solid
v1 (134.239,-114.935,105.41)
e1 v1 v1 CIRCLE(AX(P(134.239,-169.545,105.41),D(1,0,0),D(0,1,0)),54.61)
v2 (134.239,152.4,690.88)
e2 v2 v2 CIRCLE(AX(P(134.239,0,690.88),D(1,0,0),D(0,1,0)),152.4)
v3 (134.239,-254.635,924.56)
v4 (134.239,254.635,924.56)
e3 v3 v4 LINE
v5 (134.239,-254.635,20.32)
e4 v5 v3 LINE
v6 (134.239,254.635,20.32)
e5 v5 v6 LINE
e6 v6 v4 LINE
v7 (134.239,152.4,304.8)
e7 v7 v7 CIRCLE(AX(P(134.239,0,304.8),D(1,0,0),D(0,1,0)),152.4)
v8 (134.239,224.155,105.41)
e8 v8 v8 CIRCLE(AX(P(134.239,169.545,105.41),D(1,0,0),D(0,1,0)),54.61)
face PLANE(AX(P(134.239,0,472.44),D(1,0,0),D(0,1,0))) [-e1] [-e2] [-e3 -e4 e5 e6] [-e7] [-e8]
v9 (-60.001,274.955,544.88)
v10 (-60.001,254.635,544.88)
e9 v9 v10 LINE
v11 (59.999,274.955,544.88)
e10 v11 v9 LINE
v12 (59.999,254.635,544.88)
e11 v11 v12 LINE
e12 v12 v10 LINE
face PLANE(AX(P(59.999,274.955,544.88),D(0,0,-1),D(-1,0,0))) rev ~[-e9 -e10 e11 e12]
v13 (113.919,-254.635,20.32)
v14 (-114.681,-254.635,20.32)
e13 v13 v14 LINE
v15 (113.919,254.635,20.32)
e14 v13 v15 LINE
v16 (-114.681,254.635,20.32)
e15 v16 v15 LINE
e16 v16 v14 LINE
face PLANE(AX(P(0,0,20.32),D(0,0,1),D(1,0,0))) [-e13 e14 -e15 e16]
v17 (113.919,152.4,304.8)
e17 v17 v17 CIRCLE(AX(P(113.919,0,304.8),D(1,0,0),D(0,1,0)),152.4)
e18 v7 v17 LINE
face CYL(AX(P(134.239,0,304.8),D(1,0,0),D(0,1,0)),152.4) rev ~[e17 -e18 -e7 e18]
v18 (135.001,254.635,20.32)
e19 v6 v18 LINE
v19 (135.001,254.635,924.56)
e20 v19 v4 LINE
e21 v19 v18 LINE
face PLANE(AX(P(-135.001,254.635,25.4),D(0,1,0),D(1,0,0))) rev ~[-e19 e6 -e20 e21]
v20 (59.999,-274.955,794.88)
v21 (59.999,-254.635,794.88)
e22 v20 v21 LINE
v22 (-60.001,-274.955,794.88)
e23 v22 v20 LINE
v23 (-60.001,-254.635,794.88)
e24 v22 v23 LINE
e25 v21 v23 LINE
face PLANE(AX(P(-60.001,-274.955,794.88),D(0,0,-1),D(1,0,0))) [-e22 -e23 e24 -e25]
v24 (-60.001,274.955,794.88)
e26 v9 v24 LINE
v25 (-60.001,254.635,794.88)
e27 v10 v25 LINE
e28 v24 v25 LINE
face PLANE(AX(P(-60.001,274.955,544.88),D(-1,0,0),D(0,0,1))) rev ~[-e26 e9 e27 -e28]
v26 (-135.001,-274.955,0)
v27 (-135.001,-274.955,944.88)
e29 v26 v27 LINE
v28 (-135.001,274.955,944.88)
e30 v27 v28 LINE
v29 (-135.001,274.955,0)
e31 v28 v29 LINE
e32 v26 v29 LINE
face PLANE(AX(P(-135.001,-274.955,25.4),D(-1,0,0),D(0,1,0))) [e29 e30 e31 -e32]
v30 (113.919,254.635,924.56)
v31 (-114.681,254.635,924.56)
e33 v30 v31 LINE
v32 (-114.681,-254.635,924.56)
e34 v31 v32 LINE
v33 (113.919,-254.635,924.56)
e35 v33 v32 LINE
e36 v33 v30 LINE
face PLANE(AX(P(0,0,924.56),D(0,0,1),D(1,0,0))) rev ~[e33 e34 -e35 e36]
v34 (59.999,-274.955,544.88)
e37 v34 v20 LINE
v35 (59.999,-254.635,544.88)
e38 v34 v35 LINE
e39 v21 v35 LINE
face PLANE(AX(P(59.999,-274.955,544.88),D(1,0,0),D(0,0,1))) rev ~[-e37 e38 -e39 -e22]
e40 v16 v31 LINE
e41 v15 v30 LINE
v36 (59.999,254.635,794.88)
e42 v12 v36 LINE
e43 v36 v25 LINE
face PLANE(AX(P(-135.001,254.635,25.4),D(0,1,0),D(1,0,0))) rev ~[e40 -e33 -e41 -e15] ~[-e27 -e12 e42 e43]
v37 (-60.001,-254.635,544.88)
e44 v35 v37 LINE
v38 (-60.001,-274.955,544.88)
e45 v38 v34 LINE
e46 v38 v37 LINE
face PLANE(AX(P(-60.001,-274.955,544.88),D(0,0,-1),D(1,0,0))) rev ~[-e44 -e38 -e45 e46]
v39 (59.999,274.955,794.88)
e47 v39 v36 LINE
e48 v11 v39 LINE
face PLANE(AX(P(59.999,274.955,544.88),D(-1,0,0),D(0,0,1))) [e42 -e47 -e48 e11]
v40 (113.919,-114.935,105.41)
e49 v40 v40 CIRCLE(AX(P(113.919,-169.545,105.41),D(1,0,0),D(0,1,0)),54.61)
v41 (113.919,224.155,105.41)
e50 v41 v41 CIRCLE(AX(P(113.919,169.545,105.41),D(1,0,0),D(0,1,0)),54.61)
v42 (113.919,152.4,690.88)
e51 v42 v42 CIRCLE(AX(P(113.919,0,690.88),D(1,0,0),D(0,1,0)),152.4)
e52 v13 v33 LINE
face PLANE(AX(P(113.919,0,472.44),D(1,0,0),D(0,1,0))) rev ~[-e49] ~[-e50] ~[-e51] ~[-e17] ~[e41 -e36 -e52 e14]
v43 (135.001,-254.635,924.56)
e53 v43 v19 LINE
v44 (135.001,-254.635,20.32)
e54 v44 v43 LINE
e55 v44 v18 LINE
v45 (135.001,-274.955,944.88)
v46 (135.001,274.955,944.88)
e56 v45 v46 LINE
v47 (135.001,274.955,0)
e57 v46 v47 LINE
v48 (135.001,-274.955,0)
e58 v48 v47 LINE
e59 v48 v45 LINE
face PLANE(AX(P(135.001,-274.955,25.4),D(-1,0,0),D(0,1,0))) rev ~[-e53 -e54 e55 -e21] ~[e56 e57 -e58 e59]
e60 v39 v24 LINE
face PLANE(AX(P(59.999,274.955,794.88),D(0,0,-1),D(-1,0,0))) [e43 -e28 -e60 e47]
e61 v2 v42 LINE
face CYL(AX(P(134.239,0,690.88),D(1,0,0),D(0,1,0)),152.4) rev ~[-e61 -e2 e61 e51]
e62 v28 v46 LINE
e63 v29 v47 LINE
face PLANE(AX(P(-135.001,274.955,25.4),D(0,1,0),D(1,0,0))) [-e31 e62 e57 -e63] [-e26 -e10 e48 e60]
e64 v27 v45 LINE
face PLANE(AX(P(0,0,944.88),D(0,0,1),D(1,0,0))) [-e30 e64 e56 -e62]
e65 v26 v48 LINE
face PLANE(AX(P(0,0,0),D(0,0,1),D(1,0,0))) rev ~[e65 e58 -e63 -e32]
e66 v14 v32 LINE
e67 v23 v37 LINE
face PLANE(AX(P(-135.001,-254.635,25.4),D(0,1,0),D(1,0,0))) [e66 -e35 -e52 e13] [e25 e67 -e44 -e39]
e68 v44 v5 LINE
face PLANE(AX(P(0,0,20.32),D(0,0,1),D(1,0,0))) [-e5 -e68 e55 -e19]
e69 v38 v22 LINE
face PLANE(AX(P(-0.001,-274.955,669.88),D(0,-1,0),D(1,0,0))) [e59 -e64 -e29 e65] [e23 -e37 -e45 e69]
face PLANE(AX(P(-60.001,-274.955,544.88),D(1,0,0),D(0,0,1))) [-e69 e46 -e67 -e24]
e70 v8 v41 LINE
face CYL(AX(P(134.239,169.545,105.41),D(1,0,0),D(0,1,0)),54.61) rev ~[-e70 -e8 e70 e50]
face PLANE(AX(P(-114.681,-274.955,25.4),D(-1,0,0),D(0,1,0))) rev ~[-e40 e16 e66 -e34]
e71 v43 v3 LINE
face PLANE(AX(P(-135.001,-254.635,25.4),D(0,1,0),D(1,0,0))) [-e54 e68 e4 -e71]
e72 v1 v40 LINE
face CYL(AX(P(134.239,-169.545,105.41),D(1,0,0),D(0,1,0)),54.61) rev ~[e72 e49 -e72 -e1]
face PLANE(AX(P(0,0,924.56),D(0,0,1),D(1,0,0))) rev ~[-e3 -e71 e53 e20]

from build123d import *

# Parameters (mm, degrees)
F0_W      = 270.002
F0_H      = 549.91
F1_DEPTH  = 25.4
F2_W      = 270.002
F2_H      = 549.91
F3_DEPTH  = 919.48
F4_T      = -20.32
F5_START  = 228.6
F4_FACE_W = 509.27
F4_FACE_H = 904.24
F5_DEPTH  = 20.32
F7_DEPTH  = 25.4
F8_R      = 152.4
F9_DEPTH  = 25.4
F10_R     = 54.61
F11_DEPTH = 25.4
F12_R     = 54.61
F13_DEPTH = 25.4
F14_W     = 120
F14_H     = 250
F15_DEPTH = 22
F16_DEPTH = 55.88
F17_W     = 120
F17_H     = 250
F18_DEPTH = 50.8


with BuildPart() as f1:
    # F0 (on Top) → F1 (new body)
    with BuildSketch(Plane.XY):
        Rectangle(F0_W, F0_H)
    extrude(amount=F1_DEPTH)

    # F2 (on face) → F3 (join)
    with BuildSketch(Plane.XY.offset(25.4)):
        Rectangle(F2_W, F2_H)
    extrude(amount=F3_DEPTH)

    # F4
    f4_openings = [f1.faces().sort_by_distance(p)[0] for p in [
        (135.001, 0, 472.44),
    ]]
    offset(amount=F4_T, openings=f4_openings)

    # F4_face (on face) → F5 (join)
    with BuildSketch(Plane(origin=(-114.681, 0, 472.44), x_dir=(0, 1, 0), z_dir=(1, 0, 0)).offset(F5_START)):
        Rectangle(F4_FACE_W, F4_FACE_H)
    extrude(amount=F5_DEPTH)

    # F6 (on face) → F7 (cut)
    with BuildSketch(Plane.YZ.offset(134.239)):
        with BuildLine():
            ThreePointArc((0, 843.28), (-107.7630734528, 583.1169265472), (152.4, 690.88))
            ThreePointArc((152.4, 690.88), (107.7630734528, 798.6430734528), (0, 843.28))
        make_face()
    extrude(amount=-F7_DEPTH, mode=Mode.SUBTRACT)

    # F8 (on face) → F9 (cut)
    with BuildSketch(Plane.YZ.offset(134.239)):
        with Locations((0, 304.8)):
            Circle(F8_R)
    extrude(amount=-F9_DEPTH, mode=Mode.SUBTRACT)

    # F10 (on face) → F11 (cut)
    with BuildSketch(Plane.YZ.offset(134.239)):
        with Locations((-169.545, 105.41)):
            Circle(F10_R)
    extrude(amount=-F11_DEPTH, mode=Mode.SUBTRACT)

    # F12 (on face) → F13 (cut)
    with BuildSketch(Plane.YZ.offset(134.239)):
        with Locations((169.545, 105.41)):
            Circle(F12_R)
    extrude(amount=-F13_DEPTH, mode=Mode.SUBTRACT)

    # F14 (on face) → F15 (join)
    with BuildSketch(Plane.XZ.offset(274.955)):
        with Locations((-0.001, 669.88)):
            Rectangle(F14_W, F14_H)
    extrude(amount=-F15_DEPTH)

    # F14 (on face) → F16 (cut)
    with BuildSketch(Plane.XZ.offset(274.955)):
        with Locations((-0.001, 669.88)):
            Rectangle(F14_W, F14_H)
    extrude(amount=-F16_DEPTH, mode=Mode.SUBTRACT)

    # F17 (on face) → F18 (cut)
    with BuildSketch(Plane(origin=(0, 274.955, 0), x_dir=(-1, 0, 0), z_dir=(0, 1, 0))):
        with Locations((0.001, 669.88)):
            Rectangle(F17_W, F17_H)
    extrude(amount=-F18_DEPTH, mode=Mode.SUBTRACT)


solid = f1.part
